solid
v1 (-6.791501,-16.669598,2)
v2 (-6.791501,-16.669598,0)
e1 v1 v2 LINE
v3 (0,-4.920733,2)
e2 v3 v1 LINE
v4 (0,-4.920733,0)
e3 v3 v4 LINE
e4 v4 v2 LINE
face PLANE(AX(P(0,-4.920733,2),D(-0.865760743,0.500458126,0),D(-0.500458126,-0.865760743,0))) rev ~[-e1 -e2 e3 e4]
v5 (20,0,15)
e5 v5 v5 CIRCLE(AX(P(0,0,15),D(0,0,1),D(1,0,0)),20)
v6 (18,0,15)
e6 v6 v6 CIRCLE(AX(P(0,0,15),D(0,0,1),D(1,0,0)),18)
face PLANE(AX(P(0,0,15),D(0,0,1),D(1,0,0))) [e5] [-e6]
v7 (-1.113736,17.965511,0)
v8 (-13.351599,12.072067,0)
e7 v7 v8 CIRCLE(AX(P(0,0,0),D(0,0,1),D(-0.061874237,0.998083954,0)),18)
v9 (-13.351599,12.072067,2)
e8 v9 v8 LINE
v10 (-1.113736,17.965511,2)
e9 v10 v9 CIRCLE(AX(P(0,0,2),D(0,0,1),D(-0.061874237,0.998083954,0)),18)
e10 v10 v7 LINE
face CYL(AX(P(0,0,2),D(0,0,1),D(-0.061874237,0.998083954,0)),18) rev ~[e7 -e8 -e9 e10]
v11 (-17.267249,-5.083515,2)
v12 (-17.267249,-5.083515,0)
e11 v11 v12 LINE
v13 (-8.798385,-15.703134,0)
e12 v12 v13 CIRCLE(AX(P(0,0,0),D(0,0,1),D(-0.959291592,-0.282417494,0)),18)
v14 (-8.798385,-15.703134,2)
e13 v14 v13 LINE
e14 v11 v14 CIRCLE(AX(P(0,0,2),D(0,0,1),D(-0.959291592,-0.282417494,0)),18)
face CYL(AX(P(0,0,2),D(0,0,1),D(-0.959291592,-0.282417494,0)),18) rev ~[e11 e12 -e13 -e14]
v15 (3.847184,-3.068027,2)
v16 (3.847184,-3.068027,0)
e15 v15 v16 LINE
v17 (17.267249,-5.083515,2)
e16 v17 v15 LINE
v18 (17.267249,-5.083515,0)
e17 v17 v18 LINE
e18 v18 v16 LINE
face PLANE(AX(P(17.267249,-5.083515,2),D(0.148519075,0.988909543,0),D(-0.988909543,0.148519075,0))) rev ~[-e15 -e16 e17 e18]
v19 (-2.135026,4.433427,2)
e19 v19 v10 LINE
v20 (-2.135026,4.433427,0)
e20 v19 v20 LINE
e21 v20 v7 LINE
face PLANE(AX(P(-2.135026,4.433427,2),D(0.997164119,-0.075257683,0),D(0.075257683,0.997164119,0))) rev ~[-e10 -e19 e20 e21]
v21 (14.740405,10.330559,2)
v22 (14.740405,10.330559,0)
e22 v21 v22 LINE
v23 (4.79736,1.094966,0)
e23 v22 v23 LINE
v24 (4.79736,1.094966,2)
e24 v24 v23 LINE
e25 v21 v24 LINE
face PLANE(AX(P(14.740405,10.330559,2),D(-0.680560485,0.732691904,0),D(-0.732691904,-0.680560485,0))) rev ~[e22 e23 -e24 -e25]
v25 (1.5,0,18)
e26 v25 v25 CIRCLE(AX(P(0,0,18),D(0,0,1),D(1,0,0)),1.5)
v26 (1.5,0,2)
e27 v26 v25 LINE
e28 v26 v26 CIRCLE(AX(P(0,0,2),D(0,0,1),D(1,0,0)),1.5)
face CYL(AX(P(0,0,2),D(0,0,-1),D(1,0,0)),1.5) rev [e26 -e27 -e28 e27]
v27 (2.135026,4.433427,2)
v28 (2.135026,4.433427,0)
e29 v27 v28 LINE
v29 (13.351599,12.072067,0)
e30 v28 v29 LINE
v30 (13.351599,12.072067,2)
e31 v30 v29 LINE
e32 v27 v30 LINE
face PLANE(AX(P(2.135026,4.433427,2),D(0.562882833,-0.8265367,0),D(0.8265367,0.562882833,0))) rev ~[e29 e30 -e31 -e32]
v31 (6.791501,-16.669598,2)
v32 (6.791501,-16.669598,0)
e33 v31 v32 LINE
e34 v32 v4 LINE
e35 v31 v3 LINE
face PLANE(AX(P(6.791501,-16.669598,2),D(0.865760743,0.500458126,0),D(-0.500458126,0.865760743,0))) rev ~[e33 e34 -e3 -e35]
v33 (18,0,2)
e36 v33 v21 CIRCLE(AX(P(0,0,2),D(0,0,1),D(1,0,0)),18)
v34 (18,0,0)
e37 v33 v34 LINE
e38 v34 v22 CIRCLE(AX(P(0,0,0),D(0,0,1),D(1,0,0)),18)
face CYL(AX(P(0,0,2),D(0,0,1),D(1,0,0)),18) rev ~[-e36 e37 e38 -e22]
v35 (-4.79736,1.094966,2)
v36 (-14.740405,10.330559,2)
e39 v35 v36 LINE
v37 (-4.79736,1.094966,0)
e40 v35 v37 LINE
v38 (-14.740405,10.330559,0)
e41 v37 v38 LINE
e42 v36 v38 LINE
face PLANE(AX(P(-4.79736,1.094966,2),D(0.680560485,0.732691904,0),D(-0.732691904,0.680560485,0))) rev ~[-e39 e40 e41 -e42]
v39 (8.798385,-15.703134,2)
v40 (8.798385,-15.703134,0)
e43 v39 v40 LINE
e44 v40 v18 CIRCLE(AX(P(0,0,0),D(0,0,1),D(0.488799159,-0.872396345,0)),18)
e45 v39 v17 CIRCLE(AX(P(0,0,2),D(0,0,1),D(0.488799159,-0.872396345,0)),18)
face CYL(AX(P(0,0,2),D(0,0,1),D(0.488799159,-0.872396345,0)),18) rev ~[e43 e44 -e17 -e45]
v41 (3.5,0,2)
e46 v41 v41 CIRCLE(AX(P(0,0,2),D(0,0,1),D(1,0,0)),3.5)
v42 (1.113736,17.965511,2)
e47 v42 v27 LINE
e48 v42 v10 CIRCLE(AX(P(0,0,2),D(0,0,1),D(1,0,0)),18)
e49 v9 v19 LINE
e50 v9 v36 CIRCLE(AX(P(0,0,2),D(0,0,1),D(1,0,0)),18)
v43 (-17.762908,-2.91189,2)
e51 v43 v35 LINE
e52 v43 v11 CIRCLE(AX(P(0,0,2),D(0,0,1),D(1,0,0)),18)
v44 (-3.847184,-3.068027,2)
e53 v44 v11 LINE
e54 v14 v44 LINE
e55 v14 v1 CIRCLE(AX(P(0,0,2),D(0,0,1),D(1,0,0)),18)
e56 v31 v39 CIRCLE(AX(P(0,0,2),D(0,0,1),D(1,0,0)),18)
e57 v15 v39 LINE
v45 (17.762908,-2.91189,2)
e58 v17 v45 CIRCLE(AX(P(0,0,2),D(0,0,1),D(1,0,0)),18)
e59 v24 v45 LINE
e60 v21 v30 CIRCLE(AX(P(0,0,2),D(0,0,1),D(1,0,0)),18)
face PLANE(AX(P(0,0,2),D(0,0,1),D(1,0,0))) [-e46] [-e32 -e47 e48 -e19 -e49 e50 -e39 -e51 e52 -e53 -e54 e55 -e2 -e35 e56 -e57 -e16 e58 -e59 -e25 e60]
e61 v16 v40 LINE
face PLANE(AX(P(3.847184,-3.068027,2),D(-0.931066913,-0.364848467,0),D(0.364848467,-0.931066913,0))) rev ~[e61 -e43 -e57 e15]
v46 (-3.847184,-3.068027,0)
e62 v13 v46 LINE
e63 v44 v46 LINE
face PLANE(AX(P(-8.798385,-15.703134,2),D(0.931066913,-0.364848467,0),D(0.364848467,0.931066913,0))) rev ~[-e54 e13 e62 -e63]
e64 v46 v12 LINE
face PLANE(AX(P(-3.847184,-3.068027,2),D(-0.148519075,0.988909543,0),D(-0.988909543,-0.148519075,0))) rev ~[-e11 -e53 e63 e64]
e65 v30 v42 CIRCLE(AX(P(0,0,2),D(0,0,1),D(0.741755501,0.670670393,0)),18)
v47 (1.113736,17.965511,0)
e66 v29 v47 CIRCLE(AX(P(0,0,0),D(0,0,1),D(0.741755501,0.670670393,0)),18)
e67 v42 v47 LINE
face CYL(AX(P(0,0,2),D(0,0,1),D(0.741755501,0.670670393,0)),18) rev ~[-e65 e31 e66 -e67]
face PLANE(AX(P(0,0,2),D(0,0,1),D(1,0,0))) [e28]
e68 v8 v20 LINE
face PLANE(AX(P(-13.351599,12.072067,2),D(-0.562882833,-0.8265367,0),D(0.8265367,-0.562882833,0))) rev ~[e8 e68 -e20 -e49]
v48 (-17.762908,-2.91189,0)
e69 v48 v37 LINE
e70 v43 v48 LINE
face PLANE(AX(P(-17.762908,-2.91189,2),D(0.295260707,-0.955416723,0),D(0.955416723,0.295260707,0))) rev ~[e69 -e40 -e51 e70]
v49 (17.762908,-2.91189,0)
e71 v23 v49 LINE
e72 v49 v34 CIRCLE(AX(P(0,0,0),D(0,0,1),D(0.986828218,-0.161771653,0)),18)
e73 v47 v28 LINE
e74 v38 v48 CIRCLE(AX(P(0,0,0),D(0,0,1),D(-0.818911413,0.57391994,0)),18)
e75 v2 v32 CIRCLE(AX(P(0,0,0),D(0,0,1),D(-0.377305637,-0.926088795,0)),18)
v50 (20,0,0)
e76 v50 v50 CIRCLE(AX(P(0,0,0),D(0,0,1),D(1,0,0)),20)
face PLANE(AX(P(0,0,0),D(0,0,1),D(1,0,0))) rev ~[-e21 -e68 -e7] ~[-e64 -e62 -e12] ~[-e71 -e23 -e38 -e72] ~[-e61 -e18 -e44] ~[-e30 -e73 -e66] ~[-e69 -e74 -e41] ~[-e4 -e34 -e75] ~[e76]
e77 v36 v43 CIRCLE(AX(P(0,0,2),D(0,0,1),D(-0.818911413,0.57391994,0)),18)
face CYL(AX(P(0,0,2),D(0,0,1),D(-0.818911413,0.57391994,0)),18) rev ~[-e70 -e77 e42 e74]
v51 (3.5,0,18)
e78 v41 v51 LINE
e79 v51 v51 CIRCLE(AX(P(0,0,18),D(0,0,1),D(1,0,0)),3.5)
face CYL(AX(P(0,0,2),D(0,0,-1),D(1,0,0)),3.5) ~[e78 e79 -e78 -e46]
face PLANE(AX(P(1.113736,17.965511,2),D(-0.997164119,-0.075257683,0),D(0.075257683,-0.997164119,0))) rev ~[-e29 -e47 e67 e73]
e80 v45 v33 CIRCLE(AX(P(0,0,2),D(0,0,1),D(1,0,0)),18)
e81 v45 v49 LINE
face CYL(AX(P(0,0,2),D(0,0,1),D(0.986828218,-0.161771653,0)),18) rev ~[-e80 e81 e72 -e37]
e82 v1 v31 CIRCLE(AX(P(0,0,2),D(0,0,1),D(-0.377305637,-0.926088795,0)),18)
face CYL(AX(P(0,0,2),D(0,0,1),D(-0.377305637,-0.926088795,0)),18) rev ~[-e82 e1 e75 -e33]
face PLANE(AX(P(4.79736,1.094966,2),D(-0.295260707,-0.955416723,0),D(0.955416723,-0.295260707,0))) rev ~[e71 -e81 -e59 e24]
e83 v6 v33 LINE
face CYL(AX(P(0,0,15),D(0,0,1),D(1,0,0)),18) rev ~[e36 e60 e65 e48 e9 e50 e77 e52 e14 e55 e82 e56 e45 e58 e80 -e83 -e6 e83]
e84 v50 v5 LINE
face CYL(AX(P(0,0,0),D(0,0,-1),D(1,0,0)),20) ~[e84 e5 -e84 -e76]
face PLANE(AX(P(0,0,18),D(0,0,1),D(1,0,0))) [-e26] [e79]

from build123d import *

# Parameters (mm, degrees)
F0_R     = 20
F1_DEPTH = 15
F2_R     = 18
F3_DEPTH = 13
F5_R     = 3.5
F5_R_2   = 1.5
F6_DEPTH = 16
F8_DEPTH = 2


with BuildPart() as f1:
    # F0 (on Top) → F1 (new body)
    with BuildSketch(Plane.XY):
        Circle(F0_R)
    extrude(amount=F1_DEPTH)

    # F2 (on face) → F3 (cut)
    with BuildSketch(Plane.XY.offset(15)):
        Circle(F2_R)
    extrude(amount=-F3_DEPTH, mode=Mode.SUBTRACT)

    # F5 (on face) → F6 (join)
    with BuildSketch(Plane.XY.offset(2)):
        Circle(F5_R)
        Circle(F5_R_2, mode=Mode.SUBTRACT)
    extrude(amount=F6_DEPTH)

    # F7 (on face) → F8 (cut)
    with BuildSketch(Plane.XY.offset(2)):
        with BuildLine():
            Line((-3.8471836237, -3.068026562), (-17.26724866, -5.0835148974))
            ThreePointArc((-17.26724866, -5.0835148974), (-14.0729666844, -11.2228164335), (-8.7983848642, -15.7031342025))
            Line((-8.7983848642, -15.7031342025), (-3.8471836237, -3.068026562))
        make_face()
        with BuildLine():
            Line((0, -4.9207325491), (-6.7915014573, -16.6695983142))
            ThreePointArc((-6.7915014573, -16.6695983142), (0, -18), (6.7915014573, -16.6695983142))
            Line((6.7915014573, -16.6695983142), (0, -4.9207325491))
        make_face()
        with BuildLine():
            Line((-4.7973595105, 1.0949660026), (-14.7404054341, 10.3305589219))
            ThreePointArc((-14.7404054341, 10.3305589219), (-17.5487024193, 4.0053768112), (-17.7629079286, -2.9118897508))
            Line((-17.7629079286, -2.9118897508), (-4.7973595105, 1.0949660026))
        make_face()
        with BuildLine():
            Line((-2.1350258376, 4.433426834), (-1.1137362668, 17.965511168))
            ThreePointArc((-1.1137362668, 17.965511168), (-7.8099073041, 16.2174396222), (-13.3515990255, 12.072067075))
            Line((-13.3515990255, 12.072067075), (-2.1350258376, 4.433426834))
        make_face()
        with BuildLine():
            ThreePointArc((13.3515990255, 12.072067075), (7.8099073041, 16.2174396222), (1.1137362668, 17.965511168))
            Line((1.1137362668, 17.965511168), (2.1350258376, 4.433426834))
            Line((2.1350258376, 4.433426834), (13.3515990255, 12.072067075))
        make_face()
        with BuildLine():
            ThreePointArc((18, 0), (17.1657696858, 5.4163041913), (14.7404054341, 10.3305589219))
            Line((14.7404054341, 10.3305589219), (4.7973595105, 1.0949660026))
            Line((4.7973595105, 1.0949660026), (17.7629079286, -2.9118897508))
            ThreePointArc((17.7629079286, -2.9118897508), (17.940629068, -1.4607630344), (18, 0))
        make_face()
        with BuildLine():
            ThreePointArc((8.7983848642, -15.7031342025), (14.0729666844, -11.2228164335), (17.26724866, -5.0835148974))
            Line((17.26724866, -5.0835148974), (3.8471836237, -3.068026562))
            Line((3.8471836237, -3.068026562), (8.7983848642, -15.7031342025))
        make_face()
    extrude(amount=-F8_DEPTH, mode=Mode.SUBTRACT)


solid = f1.part
